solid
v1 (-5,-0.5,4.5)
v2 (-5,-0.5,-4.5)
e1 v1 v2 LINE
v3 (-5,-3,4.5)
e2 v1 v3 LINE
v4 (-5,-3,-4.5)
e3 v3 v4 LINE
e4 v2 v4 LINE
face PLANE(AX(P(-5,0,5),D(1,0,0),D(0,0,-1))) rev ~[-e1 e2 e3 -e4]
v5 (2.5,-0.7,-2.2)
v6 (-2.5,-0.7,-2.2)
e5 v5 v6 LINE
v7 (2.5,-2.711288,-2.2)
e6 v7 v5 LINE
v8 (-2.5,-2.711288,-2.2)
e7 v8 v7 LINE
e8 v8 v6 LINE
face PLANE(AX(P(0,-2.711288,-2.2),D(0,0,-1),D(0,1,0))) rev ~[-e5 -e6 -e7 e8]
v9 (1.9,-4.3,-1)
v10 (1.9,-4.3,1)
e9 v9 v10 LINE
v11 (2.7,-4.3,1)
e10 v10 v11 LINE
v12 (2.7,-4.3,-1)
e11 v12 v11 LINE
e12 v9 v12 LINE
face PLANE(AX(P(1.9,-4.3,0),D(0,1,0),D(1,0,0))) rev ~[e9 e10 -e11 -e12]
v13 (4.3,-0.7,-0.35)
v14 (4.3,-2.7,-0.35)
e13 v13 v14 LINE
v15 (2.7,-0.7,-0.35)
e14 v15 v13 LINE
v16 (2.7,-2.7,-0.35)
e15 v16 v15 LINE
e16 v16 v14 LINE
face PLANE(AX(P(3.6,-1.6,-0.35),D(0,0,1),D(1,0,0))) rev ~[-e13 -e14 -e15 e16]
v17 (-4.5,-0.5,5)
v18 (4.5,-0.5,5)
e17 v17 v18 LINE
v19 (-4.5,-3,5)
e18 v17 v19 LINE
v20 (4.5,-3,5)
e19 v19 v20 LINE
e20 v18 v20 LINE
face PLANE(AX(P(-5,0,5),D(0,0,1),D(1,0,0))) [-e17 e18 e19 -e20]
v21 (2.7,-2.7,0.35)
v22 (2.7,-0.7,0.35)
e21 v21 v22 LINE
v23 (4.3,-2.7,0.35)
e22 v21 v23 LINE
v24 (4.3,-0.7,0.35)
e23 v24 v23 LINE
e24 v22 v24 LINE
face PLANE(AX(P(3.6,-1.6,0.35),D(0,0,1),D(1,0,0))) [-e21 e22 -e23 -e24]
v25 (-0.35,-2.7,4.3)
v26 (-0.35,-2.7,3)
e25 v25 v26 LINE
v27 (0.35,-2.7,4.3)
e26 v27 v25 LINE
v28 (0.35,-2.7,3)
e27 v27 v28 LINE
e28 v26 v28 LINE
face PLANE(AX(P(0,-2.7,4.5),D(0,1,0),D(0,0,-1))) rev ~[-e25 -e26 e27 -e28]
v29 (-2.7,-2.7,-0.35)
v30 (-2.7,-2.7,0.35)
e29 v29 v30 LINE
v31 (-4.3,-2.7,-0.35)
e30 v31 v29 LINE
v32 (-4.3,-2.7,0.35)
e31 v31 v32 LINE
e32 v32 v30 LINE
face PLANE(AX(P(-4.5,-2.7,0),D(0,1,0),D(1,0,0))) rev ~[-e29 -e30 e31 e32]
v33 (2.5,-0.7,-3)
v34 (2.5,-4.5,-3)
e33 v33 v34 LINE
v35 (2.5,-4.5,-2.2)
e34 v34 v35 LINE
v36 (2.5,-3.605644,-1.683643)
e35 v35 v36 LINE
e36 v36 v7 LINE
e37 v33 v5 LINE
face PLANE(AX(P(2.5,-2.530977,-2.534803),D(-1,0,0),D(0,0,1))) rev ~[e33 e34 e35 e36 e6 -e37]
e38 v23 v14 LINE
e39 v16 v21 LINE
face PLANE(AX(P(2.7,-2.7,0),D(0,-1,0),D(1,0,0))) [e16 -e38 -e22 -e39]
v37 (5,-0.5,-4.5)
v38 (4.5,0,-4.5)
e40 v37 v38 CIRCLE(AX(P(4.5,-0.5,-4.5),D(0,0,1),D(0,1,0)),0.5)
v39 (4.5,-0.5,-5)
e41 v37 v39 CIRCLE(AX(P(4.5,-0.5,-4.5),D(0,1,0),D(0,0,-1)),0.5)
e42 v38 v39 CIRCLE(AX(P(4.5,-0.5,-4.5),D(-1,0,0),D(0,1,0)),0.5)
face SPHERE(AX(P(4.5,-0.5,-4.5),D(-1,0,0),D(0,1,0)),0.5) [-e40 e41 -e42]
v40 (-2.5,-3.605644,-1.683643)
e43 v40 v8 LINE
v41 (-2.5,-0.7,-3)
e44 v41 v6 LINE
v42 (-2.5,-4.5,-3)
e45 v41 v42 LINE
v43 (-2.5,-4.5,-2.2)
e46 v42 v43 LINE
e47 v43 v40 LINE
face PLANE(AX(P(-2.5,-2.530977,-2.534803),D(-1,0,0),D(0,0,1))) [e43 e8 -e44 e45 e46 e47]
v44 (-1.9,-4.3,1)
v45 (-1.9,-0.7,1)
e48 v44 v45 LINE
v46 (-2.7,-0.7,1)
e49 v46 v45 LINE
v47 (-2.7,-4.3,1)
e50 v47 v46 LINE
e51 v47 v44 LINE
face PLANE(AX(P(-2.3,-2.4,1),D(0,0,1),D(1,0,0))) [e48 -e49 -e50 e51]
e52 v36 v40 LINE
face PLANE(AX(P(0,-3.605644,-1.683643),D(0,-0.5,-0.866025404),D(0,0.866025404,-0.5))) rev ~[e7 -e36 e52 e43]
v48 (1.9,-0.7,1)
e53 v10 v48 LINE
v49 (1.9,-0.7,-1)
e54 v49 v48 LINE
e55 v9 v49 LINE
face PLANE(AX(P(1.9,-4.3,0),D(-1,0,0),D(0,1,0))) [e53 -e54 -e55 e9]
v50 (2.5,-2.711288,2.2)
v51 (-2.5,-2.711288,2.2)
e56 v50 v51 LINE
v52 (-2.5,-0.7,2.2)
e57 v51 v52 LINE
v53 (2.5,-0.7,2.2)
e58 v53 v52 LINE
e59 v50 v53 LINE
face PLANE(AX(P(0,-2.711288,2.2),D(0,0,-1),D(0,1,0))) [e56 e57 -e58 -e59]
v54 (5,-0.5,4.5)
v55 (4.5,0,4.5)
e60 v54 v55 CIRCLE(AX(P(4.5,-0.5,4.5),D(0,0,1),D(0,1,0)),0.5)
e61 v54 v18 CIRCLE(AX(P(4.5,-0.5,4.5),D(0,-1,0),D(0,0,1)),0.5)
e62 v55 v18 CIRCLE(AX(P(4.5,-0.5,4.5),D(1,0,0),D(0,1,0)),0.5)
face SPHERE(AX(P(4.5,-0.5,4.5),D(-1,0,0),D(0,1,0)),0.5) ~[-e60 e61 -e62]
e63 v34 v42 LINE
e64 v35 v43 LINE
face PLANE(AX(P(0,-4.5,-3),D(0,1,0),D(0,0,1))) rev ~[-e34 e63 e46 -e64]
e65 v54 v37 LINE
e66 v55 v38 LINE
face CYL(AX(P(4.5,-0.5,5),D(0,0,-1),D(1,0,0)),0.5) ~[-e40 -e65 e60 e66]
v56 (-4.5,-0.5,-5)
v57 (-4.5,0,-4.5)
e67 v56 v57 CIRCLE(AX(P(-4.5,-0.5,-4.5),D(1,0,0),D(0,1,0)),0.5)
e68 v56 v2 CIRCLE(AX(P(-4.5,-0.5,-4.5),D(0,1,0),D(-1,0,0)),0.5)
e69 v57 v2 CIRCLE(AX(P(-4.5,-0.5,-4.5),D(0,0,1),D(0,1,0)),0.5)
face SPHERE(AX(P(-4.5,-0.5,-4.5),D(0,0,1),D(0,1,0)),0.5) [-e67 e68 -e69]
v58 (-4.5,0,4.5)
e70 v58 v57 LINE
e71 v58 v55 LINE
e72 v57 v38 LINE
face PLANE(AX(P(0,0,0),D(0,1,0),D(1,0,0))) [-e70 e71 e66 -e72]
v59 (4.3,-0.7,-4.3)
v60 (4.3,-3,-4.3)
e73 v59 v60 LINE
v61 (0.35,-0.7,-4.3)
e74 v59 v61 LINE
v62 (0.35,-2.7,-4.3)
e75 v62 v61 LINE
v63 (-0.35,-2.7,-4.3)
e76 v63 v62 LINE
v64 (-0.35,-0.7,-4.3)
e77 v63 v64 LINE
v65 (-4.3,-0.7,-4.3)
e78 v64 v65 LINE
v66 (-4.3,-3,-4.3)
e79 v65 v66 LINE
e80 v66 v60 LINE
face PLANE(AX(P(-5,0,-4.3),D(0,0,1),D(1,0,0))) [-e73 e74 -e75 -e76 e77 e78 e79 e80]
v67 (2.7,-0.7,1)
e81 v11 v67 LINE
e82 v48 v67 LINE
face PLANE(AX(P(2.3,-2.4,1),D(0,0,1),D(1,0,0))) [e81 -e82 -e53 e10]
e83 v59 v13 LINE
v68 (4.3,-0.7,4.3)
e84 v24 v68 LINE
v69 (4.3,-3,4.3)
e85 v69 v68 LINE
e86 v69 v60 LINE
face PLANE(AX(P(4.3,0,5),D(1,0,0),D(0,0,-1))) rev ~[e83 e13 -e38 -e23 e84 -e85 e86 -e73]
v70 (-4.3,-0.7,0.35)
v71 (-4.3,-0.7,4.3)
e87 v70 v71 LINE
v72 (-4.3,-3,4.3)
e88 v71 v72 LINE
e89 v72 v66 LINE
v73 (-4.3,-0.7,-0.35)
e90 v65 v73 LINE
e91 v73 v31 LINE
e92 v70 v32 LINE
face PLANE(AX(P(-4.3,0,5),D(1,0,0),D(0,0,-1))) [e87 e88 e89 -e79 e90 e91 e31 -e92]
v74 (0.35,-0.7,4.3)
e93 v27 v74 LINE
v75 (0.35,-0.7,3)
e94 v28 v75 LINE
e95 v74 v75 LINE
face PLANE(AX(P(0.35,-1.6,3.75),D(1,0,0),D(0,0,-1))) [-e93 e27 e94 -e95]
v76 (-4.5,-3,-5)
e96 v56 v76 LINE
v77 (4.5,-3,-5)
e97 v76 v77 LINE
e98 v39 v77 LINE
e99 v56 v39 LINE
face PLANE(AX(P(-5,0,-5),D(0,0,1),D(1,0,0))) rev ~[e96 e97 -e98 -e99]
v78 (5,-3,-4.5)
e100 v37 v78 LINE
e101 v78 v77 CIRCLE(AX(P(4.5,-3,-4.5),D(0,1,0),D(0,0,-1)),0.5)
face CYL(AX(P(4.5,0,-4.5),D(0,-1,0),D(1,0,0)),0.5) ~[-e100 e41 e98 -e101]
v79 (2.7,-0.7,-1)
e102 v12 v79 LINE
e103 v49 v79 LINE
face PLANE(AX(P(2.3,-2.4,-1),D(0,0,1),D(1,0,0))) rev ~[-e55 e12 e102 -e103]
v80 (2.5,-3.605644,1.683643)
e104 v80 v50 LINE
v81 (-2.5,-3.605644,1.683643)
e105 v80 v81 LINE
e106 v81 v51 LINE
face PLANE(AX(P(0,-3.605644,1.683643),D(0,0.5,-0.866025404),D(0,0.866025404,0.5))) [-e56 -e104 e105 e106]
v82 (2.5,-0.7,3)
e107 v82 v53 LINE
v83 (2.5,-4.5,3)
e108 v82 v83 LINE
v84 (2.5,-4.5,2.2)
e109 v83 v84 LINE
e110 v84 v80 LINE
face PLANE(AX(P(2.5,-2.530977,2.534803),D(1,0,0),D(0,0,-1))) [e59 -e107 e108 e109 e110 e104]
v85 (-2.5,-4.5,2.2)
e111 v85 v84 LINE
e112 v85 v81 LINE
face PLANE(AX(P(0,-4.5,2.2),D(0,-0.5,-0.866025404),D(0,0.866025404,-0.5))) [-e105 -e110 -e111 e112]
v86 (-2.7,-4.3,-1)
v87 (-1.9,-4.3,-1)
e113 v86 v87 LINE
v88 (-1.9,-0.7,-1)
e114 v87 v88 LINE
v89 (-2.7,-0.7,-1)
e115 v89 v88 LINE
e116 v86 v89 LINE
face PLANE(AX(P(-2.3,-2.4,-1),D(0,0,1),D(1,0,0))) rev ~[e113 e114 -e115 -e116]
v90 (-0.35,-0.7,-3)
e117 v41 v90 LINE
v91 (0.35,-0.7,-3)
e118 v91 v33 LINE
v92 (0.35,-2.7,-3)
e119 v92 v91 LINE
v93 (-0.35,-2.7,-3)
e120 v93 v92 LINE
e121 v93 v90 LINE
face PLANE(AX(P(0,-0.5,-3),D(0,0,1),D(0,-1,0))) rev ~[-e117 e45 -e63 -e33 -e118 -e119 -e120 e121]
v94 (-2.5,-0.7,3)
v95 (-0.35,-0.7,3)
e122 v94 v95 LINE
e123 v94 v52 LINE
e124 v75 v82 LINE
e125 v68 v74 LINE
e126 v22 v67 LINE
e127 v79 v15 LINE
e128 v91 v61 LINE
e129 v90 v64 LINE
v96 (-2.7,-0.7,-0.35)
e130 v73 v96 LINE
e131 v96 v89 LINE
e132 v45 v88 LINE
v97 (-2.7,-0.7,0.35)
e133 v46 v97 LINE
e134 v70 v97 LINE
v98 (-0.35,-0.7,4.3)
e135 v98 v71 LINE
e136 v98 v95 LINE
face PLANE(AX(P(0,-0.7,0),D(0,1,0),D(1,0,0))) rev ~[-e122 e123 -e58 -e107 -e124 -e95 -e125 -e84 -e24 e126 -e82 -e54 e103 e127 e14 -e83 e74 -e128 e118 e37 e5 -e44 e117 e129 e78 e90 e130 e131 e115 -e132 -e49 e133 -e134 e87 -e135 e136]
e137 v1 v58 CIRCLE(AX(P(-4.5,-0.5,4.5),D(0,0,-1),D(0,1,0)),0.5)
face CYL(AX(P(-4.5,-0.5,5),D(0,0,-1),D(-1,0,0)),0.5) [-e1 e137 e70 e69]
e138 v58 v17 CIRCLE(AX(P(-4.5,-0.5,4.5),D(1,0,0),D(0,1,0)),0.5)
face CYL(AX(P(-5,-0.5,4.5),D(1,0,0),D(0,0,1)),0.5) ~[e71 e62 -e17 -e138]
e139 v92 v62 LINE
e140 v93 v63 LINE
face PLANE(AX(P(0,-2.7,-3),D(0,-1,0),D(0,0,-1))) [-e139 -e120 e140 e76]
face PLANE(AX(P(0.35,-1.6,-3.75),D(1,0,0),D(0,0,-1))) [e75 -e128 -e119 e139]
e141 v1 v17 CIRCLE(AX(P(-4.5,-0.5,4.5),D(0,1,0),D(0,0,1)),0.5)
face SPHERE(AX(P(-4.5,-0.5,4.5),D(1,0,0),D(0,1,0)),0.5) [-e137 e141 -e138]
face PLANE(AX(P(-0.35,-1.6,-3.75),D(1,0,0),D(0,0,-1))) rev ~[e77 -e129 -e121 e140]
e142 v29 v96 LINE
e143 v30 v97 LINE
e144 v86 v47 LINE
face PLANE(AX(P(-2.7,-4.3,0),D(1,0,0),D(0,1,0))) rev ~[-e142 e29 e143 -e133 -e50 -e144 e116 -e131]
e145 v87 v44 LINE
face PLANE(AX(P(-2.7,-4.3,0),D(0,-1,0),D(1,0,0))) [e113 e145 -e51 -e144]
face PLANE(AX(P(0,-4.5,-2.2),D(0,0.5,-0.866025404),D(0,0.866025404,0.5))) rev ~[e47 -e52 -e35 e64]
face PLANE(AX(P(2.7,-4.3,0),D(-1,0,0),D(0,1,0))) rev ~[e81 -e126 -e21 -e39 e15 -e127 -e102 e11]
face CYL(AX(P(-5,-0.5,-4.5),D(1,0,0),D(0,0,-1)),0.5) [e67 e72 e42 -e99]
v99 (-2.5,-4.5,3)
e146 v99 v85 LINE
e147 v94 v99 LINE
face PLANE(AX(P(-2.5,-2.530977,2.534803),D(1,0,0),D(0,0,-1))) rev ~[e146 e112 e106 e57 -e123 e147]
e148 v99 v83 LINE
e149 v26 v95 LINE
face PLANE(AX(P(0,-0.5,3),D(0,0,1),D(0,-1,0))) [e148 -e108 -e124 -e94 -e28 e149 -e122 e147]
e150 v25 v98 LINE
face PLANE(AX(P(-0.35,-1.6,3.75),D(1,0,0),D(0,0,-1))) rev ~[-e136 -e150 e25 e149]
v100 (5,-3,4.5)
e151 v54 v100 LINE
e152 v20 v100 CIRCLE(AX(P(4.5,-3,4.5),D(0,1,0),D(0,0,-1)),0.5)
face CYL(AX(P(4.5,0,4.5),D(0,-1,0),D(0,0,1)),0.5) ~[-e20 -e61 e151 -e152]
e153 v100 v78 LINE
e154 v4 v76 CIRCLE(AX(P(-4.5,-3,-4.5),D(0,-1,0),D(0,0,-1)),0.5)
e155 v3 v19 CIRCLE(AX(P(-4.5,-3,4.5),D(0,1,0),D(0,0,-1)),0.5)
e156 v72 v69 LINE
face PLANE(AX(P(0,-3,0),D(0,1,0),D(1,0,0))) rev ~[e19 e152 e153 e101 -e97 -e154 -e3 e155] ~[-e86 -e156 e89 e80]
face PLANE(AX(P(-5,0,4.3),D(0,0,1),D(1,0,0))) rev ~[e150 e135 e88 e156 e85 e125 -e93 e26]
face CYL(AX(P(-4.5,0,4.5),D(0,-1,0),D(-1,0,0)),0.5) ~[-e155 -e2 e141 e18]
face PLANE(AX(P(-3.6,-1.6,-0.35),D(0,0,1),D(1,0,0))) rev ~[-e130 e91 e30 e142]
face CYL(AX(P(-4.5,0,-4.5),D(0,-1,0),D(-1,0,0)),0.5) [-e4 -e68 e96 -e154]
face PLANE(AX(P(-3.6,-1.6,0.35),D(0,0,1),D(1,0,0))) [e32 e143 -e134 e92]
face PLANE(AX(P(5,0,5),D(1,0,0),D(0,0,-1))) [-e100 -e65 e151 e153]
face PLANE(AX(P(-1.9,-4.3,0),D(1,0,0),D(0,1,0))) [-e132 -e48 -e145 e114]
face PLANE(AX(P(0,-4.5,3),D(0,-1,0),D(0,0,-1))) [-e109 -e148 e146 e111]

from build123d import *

# Parameters (mm, degrees)
SKETCH1_W             = 10
SKETCH1_H             = 10
BOSS_EXTRUDE2_DEPTH   = 3
SHELL2_T              = -0.7
FILLET2_R             = 0.5
BOSS_EXTRUDE3_DEPTH   = 2.5
BOSS_EXTRUDE3_2_DEPTH = 2.5
SKETCH6_W             = 0.8
SKETCH6_H             = 3.8
BOSS_EXTRUDE4_DEPTH   = 1
SKETCH7_W             = 1.5
SKETCH7_H             = 2.2
BOSS_EXTRUDE5_DEPTH   = 0.35
SKETCH9_W             = 1.8
SKETCH9_H             = 2.2
BOSS_EXTRUDE6_DEPTH   = 0.35


with BuildPart() as part:
    # Sketch1 → Boss-Extrude2 (new body)
    with BuildSketch(Plane(origin=(0, 0, 0), x_dir=(1, 0, 0), z_dir=(0, 1, 0))):
        Rectangle(SKETCH1_W, SKETCH1_H)
    extrude(amount=-BOSS_EXTRUDE2_DEPTH)

    # Shell2
    shell2_openings = [part.faces().sort_by_distance(p)[0] for p in [
        (0, -3, 0),
    ]]
    offset(amount=SHELL2_T, openings=shell2_openings, kind=Kind.INTERSECTION)

    # Fillet2
    fillet2_edges = [part.edges().sort_by_distance(p)[0] for p in [
        (0, 0, 5),
        (-5, 0, 0),
        (0, 0, -5),
        (5, 0, 0),
        (5, -1.5, 5),
        (-5, -1.5, 5),
        (-5, -1.5, -5),
        (5, -1.5, -5),
    ]]
    fillet(fillet2_edges, radius=FILLET2_R)

    # Sketch6 → Boss-Extrude4 (add, symmetric)
    with BuildSketch(Plane.XY):
        with Locations((2.3, -2.4)):
            Rectangle(SKETCH6_W, SKETCH6_H)
        with Locations((-2.3, -2.4)):
            Rectangle(SKETCH6_W, SKETCH6_H)
    extrude(amount=BOSS_EXTRUDE4_DEPTH, both=True)



with BuildPart() as body_2:
    # Sketch5 → Boss-Extrude3 (new body, symmetric)
    with BuildSketch(Plane(origin=(0, 0, 0), x_dir=(0, 0, -1), z_dir=(1, 0, 0))):
        Polygon((3, -0.5), (3, -4.5), (2.2, -4.5), (1.683643362, -3.605644068), (2.2, -2.711288136), (2.2, -0.5), align=None)
    extrude(amount=BOSS_EXTRUDE3_DEPTH, both=True)


with BuildPart() as body_3:
    # Sketch5 → Boss-Extrude3 2 (new body, symmetric)
    with BuildSketch(Plane(origin=(0, 0, 0), x_dir=(0, 0, -1), z_dir=(1, 0, 0))):
        Polygon((-2.2, -0.5), (-3, -0.5), (-3, -4.5), (-2.2, -4.5), (-1.683643362, -3.605644068), (-2.2, -2.711288136), align=None)
    extrude(amount=BOSS_EXTRUDE3_2_DEPTH, both=True)


with BuildPart() as part_1:
    add(part.part)

    add(body_2.part)  # Boss-Extrude5 merges body 2

    add(body_3.part)  # Boss-Extrude5 merges body 3
    # Sketch7 → Boss-Extrude5 (add, symmetric)
    with BuildSketch(Plane(origin=(0, 0, 0), x_dir=(0, 0, -1), z_dir=(1, 0, 0))):
        with Locations((-3.75, -1.6)):
            Rectangle(SKETCH7_W, SKETCH7_H)
        with Locations((3.75, -1.6)):
            Rectangle(SKETCH7_W, SKETCH7_H)
    extrude(amount=BOSS_EXTRUDE5_DEPTH, both=True)

    # Sketch9 → Boss-Extrude6 (add, symmetric)
    with BuildSketch(Plane.XY):
        with Locations((-3.6, -1.6)):
            Rectangle(SKETCH9_W, SKETCH9_H)
        with Locations((3.6, -1.6)):
            Rectangle(SKETCH9_W, SKETCH9_H)
    extrude(amount=BOSS_EXTRUDE6_DEPTH, both=True)


solid = part_1.part
